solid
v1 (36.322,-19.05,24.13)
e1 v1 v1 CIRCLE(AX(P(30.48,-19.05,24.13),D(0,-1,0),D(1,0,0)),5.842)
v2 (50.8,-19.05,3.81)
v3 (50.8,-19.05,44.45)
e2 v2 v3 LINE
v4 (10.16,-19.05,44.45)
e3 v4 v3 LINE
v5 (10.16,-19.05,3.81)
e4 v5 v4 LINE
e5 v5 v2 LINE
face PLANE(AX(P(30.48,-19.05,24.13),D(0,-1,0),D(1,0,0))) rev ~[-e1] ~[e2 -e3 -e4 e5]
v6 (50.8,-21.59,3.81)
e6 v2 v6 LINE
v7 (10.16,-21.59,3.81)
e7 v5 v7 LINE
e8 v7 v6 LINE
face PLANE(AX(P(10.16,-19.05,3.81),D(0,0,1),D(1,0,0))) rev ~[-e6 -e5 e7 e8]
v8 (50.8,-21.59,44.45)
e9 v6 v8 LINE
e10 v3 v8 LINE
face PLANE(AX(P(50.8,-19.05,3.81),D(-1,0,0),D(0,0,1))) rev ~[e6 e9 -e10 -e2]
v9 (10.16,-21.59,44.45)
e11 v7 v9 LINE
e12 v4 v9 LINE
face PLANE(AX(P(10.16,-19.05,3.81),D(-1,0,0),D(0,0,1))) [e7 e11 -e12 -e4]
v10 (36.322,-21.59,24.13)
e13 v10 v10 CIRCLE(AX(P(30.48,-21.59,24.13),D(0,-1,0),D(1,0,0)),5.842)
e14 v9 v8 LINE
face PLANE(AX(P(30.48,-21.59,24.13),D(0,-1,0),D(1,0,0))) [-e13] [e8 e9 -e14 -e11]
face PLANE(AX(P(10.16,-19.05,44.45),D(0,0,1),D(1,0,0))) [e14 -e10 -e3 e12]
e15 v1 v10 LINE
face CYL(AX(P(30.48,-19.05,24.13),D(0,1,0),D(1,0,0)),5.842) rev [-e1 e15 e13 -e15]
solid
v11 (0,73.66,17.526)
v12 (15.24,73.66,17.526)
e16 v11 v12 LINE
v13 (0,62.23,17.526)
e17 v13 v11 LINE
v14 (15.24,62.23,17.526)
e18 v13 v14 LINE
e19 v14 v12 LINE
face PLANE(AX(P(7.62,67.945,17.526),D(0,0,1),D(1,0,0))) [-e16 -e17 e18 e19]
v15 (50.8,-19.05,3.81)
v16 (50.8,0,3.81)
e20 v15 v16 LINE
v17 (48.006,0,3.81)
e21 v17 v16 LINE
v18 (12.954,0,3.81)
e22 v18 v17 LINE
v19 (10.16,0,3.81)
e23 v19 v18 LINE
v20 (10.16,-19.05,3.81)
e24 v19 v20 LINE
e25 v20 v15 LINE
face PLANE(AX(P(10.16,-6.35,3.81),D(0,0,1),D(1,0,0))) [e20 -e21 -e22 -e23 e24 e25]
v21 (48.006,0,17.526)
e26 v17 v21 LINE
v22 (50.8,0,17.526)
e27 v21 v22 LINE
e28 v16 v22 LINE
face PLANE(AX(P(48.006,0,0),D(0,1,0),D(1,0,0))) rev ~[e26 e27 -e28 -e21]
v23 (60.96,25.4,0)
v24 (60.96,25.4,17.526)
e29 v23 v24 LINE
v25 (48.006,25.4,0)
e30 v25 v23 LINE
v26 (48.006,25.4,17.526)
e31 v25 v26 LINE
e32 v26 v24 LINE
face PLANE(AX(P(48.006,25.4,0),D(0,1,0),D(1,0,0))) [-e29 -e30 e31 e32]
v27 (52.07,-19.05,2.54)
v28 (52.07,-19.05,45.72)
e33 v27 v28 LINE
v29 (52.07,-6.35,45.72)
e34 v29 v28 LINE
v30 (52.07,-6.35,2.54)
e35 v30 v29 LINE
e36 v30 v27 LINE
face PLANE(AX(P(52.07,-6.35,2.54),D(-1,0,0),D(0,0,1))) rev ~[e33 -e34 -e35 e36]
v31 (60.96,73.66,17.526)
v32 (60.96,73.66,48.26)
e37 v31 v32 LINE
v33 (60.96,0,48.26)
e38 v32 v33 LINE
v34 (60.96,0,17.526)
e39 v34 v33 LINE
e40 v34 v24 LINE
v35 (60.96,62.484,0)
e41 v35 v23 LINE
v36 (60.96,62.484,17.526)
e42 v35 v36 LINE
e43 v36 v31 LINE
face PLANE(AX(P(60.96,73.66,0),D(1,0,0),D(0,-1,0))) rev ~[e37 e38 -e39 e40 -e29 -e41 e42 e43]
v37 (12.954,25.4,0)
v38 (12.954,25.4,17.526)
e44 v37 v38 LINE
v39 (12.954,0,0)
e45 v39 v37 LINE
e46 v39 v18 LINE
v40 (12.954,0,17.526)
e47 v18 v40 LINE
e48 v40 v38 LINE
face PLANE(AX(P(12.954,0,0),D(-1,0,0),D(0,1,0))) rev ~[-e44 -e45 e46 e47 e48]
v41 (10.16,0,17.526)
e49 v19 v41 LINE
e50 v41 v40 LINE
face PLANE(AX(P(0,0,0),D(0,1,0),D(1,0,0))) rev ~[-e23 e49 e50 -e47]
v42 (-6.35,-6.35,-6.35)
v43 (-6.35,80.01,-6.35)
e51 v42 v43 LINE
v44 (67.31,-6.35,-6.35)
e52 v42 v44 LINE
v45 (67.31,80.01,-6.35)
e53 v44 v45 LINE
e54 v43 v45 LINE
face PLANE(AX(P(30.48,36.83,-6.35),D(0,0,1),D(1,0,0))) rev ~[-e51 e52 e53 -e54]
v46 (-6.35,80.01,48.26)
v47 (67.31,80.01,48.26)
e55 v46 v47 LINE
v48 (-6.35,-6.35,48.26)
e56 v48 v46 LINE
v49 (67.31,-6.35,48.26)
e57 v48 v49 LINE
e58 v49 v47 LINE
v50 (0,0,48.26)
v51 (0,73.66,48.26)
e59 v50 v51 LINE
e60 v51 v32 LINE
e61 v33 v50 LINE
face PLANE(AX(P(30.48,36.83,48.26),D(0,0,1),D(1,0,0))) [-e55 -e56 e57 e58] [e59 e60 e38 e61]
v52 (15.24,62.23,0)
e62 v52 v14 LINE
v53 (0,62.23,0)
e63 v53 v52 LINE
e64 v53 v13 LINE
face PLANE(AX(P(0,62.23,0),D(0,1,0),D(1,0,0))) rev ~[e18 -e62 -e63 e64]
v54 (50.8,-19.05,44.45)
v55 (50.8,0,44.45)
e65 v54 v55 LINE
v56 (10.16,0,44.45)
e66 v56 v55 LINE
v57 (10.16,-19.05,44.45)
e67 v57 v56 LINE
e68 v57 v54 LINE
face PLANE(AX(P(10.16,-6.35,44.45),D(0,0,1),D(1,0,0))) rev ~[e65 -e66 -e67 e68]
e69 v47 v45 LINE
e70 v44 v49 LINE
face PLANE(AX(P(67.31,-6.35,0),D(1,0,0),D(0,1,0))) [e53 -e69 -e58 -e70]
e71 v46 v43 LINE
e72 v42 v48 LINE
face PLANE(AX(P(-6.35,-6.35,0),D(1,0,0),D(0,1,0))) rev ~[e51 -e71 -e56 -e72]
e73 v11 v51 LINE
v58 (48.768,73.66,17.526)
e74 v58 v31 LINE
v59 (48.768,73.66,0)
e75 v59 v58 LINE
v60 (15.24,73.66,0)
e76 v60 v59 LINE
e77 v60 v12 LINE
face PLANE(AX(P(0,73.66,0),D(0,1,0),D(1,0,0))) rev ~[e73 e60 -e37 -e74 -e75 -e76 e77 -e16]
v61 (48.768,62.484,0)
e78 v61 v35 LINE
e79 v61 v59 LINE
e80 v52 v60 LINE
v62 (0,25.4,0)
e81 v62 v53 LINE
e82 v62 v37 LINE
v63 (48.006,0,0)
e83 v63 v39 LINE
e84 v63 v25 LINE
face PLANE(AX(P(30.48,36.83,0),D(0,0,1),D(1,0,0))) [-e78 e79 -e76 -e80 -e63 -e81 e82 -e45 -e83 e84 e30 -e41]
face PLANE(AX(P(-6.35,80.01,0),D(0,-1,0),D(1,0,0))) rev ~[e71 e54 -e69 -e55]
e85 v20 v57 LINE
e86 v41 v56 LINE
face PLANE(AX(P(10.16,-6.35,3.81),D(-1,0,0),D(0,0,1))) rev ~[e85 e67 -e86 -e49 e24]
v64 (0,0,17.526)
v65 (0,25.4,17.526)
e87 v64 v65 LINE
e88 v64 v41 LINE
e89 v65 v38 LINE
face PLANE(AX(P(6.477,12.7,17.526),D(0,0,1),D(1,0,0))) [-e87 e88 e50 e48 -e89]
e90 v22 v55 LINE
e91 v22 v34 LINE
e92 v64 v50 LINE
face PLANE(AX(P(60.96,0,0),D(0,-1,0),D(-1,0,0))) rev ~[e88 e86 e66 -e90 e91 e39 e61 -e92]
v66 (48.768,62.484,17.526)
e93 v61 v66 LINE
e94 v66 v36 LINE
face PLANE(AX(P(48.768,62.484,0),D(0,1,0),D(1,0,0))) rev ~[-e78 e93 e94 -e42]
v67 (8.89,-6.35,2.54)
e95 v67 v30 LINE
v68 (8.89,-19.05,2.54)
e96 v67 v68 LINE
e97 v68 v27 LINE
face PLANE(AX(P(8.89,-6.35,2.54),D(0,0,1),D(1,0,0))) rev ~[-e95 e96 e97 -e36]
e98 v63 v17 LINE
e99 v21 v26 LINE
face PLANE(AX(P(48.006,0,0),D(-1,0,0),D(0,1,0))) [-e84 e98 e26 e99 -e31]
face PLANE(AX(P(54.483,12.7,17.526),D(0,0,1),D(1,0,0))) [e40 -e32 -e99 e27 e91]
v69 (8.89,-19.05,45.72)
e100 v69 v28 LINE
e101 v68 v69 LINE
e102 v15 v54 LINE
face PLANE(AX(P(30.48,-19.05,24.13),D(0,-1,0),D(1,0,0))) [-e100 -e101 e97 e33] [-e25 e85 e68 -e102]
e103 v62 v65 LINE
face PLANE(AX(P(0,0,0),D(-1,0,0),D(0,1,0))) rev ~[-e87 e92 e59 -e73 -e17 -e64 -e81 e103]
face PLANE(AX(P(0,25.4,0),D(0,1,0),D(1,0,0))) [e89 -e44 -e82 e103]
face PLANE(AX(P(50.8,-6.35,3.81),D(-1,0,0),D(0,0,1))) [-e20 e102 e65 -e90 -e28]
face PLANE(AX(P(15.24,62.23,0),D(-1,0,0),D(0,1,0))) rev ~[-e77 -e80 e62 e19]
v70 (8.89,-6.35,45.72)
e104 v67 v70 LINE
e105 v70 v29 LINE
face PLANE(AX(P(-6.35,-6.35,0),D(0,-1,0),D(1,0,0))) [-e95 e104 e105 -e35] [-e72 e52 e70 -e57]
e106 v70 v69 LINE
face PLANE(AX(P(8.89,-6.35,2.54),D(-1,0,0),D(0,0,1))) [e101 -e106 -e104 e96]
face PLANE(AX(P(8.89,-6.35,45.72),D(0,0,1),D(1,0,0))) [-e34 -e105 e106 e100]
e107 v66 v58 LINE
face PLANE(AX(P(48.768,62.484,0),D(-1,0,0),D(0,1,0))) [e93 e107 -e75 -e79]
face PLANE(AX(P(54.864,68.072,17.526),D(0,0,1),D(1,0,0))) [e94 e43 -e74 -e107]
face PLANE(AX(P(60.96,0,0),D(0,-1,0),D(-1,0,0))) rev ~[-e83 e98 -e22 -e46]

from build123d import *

# Parameters (mm, degrees)
F0_W     = 15.24
F0_H     = 11.43
F1_DEPTH = 17.526
F0_W_2   = 12.192
F0_H_2   = 11.176
F0_W_3   = 12.954
F0_H_3   = 25.4
F0_W_4   = 73.66
F0_H_4   = 86.36
F2_DEPTH = 48.26
F3_DEPTH = 6.35
F4_W     = 40.64
F4_H     = 40.64
F5_DEPTH = 6.3754
F6_W     = 43.18
F6_H     = 43.18
F6_W_2   = 40.64
F6_H_2   = 40.64
F7_DEPTH = 12.7
F8_W     = 40.64
F8_H     = 40.64
F8_R     = 5.842
F9_DEPTH = 2.54


with BuildPart() as f1:
    # F0 (on Top) → F1 (new body)
    with BuildSketch(Plane.XY):
        with Locations((7.62, 67.945)):
            Rectangle(F0_W, F0_H)
    extrude(amount=F1_DEPTH)



with BuildPart() as f1b:
    # F0 (on Top) → F1, piece 2 (new body)
    with BuildSketch(Plane.XY):
        with Locations((54.864, 68.072)):
            Rectangle(F0_W_2, F0_H_2)
    extrude(amount=F1_DEPTH)


with BuildPart() as f1c:
    # F0 (on Top) → F1, piece 3 (new body)
    with BuildSketch(Plane.XY):
        with Locations((54.483, 12.7)):
            Rectangle(F0_W_3, F0_H_3)
    extrude(amount=F1_DEPTH)


with BuildPart() as f1d:
    # F0 (on Top) → F1, piece 4 (new body)
    with BuildSketch(Plane.XY):
        with Locations((6.477, 12.7)):
            Rectangle(F0_W_3, F0_H_3)
    extrude(amount=F1_DEPTH)


with BuildPart() as f2:
    # F0 (on Top) → F2 (new body)
    with BuildSketch(Plane.XY):
        with Locations((30.48, 36.83)):
            Rectangle(F0_W_4, F0_H_4)
        Polygon((12.954, 0), (0, 0), (0, 25.4), (0, 62.23), (0, 73.66), (15.24, 73.66), (48.768, 73.66), (60.96, 73.66), (60.96, 62.484), (60.96, 25.4), (60.96, 0), (48.006, 0), align=None, mode=Mode.SUBTRACT)
    extrude(amount=F2_DEPTH)

    # F4 (on face) → F5 (cut)
    with BuildSketch(Plane.XZ.offset(6.35)):
        with Locations((30.48, 24.13)):
            Rectangle(F4_W, F4_H)
    extrude(amount=-F5_DEPTH, mode=Mode.SUBTRACT)


with BuildPart() as f3:
    # F0 (on Top) → F3 (new body)
    with BuildSketch(Plane.XY):
        with Locations((30.48, 36.83)):
            Rectangle(F0_W_4, F0_H_4)
        Polygon((12.954, 0), (0, 0), (0, 25.4), (0, 62.23), (0, 73.66), (15.24, 73.66), (48.768, 73.66), (60.96, 73.66), (60.96, 62.484), (60.96, 25.4), (60.96, 0), (48.006, 0), align=None, mode=Mode.SUBTRACT)
        Polygon((12.954, 25.4), (12.954, 0), (48.006, 0), (48.006, 25.4), (60.96, 25.4), (60.96, 62.484), (48.768, 62.484), (48.768, 73.66), (15.24, 73.66), (15.24, 62.23), (0, 62.23), (0, 25.4), align=None)
        with Locations((6.477, 12.7)):
            Rectangle(F0_W_3, F0_H_3)
        with Locations((54.483, 12.7)):
            Rectangle(F0_W_3, F0_H_3)
        with Locations((7.62, 67.945)):
            Rectangle(F0_W, F0_H)
        with Locations((54.864, 68.072)):
            Rectangle(F0_W_2, F0_H_2)
    extrude(amount=-F3_DEPTH)


with BuildPart() as f1_1:
    add(f1.part)

    add(f1b.part)  # F7 merges F1b

    add(f1c.part)  # F7 merges F1c

    add(f1d.part)  # F7 merges F1d

    add(f2.part)  # F7 merges F2

    add(f3.part)  # F7 merges F3
    # F6 (on face) → F7 (join)
    with BuildSketch(Plane.XZ.offset(6.35)):
        with Locations((30.48, 24.13)):
            Rectangle(F6_W, F6_H)
        with Locations((30.48, 24.13)):
            Rectangle(F6_W_2, F6_H_2, mode=Mode.SUBTRACT)
    extrude(amount=F7_DEPTH)


with BuildPart() as f9:
    # F8 (on face) → F9 (new body)
    with BuildSketch(Plane.XZ.offset(19.05)):
        with Locations((30.48, 24.13)):
            Rectangle(F8_W, F8_H)
        with Locations((30.48, 24.13)):
            Circle(F8_R, mode=Mode.SUBTRACT)
    extrude(amount=F9_DEPTH)


solid = Compound([f1_1.part, f9.part])
